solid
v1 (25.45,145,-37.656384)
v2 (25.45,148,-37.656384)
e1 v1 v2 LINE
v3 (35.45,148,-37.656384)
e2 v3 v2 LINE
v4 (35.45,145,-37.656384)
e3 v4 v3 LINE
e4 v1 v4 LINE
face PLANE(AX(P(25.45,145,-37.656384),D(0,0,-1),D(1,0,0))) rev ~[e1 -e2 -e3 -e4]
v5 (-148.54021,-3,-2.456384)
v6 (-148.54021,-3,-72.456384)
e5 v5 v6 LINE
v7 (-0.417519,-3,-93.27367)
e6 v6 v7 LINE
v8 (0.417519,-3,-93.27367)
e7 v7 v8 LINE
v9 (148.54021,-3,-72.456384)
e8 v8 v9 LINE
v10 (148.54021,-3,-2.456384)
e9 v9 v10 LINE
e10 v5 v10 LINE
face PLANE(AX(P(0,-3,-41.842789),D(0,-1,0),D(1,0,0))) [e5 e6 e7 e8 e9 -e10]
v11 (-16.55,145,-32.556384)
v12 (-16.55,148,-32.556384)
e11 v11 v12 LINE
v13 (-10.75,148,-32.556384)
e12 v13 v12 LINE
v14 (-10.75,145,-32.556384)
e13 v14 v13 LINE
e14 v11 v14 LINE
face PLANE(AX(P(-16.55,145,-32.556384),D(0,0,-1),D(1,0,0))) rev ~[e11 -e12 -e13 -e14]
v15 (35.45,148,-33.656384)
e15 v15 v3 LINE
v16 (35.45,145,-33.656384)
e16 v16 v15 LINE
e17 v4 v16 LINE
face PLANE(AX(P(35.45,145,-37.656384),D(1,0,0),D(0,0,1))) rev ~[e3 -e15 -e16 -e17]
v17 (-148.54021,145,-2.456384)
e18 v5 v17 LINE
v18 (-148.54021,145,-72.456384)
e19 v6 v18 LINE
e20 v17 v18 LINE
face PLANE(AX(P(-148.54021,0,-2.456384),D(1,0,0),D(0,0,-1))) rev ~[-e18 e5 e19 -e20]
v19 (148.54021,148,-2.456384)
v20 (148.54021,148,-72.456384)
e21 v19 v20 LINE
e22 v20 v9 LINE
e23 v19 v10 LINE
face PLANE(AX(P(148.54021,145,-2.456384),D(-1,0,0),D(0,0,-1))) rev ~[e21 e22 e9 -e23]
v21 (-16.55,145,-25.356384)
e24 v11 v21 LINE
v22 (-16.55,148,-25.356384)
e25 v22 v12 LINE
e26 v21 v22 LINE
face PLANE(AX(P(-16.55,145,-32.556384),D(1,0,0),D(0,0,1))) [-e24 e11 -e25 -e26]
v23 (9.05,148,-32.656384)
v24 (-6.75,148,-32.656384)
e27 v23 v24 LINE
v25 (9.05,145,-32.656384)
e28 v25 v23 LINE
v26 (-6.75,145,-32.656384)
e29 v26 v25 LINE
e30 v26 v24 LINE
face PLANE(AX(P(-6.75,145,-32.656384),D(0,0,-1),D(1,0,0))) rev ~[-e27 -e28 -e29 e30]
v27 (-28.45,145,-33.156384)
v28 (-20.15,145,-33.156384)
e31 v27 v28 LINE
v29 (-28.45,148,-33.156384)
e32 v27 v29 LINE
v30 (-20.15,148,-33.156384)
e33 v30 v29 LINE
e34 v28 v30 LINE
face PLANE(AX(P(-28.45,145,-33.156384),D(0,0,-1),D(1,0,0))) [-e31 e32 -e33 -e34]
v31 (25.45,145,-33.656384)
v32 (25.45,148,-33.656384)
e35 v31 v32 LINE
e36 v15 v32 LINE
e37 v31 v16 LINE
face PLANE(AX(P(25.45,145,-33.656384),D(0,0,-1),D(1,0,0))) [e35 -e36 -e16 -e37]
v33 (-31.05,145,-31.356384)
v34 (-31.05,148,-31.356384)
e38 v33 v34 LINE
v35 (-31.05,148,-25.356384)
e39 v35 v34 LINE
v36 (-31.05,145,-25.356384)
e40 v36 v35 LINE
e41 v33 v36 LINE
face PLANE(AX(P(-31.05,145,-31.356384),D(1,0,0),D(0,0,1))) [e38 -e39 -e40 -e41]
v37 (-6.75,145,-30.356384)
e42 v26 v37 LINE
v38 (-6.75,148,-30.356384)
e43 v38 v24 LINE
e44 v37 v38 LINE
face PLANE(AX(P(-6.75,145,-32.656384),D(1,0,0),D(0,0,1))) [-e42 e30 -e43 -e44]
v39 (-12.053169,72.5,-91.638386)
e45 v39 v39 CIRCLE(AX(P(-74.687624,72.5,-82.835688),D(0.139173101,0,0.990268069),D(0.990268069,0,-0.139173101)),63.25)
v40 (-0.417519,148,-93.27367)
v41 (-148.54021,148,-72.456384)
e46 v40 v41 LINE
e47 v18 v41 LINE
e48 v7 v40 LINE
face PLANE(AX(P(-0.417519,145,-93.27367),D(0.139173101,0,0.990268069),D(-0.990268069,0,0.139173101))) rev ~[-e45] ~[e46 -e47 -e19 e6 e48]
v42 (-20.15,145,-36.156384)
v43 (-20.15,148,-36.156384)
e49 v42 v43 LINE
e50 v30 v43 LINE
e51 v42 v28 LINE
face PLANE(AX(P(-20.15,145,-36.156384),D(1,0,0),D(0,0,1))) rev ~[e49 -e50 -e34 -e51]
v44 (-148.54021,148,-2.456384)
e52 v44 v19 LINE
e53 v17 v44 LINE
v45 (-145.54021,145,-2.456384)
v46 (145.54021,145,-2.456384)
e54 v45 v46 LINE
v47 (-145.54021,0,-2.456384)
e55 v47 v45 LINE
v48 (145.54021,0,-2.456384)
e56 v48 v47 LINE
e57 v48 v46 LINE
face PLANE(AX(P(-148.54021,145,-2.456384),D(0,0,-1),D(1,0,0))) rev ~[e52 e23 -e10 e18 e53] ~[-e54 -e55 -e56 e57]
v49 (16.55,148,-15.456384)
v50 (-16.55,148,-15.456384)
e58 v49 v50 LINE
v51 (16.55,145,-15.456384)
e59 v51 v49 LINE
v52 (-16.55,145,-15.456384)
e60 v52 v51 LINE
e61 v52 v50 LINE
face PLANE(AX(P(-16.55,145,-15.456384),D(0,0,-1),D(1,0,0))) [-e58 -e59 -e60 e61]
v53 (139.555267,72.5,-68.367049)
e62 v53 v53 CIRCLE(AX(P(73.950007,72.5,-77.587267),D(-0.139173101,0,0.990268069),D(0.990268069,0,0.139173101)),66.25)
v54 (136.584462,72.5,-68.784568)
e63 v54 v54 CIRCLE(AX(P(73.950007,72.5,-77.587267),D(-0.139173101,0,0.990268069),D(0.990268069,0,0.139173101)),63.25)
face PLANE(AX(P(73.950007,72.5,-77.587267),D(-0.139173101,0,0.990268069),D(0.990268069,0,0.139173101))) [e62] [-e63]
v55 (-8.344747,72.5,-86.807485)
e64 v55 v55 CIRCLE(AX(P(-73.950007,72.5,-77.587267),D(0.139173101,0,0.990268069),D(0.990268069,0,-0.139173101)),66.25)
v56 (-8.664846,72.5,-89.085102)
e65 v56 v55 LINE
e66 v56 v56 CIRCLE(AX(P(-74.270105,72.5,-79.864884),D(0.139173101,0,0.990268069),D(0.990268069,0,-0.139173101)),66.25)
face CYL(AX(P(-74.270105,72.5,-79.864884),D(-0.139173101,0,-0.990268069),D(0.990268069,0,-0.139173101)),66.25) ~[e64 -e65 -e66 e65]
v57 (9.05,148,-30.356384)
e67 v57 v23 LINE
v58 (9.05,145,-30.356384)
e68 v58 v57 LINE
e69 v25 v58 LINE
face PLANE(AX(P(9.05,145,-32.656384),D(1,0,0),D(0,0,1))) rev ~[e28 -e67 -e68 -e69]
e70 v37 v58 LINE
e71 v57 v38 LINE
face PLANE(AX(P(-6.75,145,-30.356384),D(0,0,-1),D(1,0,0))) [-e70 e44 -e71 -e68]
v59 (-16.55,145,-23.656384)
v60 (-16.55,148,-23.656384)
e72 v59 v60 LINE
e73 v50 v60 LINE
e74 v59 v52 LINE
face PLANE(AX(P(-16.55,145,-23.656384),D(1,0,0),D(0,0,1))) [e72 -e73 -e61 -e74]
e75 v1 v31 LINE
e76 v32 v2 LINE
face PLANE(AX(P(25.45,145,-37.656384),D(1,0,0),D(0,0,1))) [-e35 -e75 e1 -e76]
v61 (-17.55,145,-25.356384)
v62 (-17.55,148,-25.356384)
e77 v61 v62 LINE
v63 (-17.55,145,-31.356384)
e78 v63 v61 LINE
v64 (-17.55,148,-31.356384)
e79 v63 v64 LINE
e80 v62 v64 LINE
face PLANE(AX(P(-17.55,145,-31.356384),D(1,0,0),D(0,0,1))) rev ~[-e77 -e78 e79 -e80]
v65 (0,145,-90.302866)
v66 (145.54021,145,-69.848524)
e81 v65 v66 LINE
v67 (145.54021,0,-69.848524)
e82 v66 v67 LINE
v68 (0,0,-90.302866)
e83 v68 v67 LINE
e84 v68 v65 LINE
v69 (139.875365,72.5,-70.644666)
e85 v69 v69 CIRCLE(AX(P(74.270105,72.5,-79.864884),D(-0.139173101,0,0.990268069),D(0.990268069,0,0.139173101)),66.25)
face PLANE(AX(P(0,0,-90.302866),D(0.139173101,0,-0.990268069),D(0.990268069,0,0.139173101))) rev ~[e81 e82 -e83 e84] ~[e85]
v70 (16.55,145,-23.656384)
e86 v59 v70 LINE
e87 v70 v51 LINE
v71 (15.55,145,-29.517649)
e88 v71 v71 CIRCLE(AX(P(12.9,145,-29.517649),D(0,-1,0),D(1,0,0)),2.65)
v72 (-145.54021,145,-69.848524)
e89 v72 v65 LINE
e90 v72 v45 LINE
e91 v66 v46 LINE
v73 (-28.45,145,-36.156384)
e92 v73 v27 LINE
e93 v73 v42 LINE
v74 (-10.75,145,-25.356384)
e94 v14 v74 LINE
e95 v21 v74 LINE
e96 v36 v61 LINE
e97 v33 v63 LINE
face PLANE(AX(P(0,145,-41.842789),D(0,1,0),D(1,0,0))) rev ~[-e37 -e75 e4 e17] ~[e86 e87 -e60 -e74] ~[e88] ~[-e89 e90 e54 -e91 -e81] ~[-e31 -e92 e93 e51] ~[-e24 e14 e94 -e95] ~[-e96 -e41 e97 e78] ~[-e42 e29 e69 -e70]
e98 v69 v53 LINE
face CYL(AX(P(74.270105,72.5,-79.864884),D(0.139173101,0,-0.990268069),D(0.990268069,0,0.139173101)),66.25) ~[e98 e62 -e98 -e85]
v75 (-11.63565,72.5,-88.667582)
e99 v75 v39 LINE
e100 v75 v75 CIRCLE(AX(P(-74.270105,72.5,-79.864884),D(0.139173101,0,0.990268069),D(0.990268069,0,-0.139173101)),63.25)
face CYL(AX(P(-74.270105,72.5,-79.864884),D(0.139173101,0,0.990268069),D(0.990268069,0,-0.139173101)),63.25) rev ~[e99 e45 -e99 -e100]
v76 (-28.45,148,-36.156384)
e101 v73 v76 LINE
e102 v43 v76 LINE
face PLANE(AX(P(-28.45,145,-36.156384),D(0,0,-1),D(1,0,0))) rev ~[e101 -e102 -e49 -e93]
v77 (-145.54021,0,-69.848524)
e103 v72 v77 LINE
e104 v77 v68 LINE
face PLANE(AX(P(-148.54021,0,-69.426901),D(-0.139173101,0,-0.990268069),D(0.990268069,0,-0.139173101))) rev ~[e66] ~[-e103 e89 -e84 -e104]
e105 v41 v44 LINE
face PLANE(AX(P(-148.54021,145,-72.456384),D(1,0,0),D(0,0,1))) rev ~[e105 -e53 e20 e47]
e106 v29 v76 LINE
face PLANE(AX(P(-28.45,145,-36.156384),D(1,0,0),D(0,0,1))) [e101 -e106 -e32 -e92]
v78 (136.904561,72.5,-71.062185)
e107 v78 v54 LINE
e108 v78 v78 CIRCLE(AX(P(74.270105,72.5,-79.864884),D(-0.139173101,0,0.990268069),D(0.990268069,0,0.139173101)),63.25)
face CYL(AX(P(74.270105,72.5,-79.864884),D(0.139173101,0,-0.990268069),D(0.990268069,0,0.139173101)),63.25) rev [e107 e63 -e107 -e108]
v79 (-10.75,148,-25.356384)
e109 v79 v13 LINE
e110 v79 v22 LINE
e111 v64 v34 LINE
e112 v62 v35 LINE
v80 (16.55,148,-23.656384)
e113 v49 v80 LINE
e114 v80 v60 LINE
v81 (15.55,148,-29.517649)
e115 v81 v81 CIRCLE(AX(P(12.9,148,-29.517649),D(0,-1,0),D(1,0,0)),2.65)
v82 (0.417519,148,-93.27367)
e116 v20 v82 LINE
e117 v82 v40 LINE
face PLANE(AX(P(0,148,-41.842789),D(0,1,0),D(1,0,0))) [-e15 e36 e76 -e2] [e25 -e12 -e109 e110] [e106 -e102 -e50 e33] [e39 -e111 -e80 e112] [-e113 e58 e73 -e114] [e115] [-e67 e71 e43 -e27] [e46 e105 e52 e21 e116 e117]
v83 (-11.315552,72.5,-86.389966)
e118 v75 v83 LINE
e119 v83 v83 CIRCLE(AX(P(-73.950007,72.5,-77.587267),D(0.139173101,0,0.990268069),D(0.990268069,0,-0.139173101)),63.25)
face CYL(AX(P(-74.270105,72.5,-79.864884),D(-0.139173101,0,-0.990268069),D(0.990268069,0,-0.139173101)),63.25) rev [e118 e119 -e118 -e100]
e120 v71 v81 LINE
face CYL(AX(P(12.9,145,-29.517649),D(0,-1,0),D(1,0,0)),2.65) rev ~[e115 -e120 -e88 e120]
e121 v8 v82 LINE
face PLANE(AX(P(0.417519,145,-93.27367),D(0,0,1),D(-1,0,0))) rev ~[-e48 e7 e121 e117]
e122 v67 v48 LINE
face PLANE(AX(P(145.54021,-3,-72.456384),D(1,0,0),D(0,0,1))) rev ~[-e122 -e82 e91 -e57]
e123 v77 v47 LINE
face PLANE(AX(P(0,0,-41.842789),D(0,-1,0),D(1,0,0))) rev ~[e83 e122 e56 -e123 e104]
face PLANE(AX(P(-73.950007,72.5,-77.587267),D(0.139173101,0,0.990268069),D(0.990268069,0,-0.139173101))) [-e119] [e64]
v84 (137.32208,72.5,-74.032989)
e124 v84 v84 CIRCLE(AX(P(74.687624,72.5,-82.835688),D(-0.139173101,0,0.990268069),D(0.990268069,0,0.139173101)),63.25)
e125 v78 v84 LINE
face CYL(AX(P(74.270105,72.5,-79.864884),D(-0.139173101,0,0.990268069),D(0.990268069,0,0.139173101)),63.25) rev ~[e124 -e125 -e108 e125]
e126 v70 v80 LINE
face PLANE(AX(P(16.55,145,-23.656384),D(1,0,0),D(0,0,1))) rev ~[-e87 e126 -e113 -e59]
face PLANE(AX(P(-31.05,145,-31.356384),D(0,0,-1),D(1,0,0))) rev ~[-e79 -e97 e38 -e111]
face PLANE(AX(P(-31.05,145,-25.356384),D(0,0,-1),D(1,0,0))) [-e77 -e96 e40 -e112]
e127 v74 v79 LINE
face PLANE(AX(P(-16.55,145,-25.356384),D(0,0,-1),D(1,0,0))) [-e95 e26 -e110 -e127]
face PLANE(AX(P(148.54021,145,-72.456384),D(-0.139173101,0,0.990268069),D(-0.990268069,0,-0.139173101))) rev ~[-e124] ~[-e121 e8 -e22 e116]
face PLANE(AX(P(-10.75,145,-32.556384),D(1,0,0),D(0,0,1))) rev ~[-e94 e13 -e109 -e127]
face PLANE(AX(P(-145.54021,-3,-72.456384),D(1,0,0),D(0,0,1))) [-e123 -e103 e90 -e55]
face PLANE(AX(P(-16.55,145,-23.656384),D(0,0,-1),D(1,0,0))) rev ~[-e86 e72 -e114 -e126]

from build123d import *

# Parameters (mm, degrees)
SALIENTE_EXTRUIR1_DEPTH = 145
CROQUIS3_R              = 66.25
CROQUIS3_R_2            = 63.25
SALIENTE_EXTRUIR2_DEPTH = 2.3
CROQUIS5_R              = 66.25
CROQUIS5_R_2            = 63.25
SALIENTE_EXTRUIR3_DEPTH = 2.3
CROQUIS6_R              = 63.25
CORTAR_EXTRUIR3_DEPTH   = 24.61469423
CROQUIS7_R              = 63.25
CORTAR_EXTRUIR4_DEPTH   = 24.61469423
SALIENTE_EXTRUIR4_DEPTH = 3
CROQUIS10_W             = 3
CROQUIS10_H             = 70
SALIENTE_EXTRUIR5_DEPTH = 148
SALIENTE_EXTRUIR6_DEPTH = 3
CROQUIS12_R             = 2.65
CROQUIS12_W             = 33.1
CROQUIS12_H             = 8.2
CROQUIS12_W_2           = 5.8
CROQUIS12_H_2           = 7.2
CROQUIS12_W_3           = 15.8
CROQUIS12_H_3           = 2.3
CROQUIS12_W_4           = 13.5
CROQUIS12_H_4           = 6
CROQUIS12_W_5           = 8.3
CROQUIS12_H_5           = 3
CROQUIS12_W_6           = 10
CROQUIS12_H_6           = 4
CORTAR_EXTRUIR5_DEPTH   = 10


with BuildPart() as part:
    # Croquis2 → Saliente-Extruir1 (new body)
    with BuildSketch(Plane(origin=(0, 0, 0), x_dir=(1, 0, 0), z_dir=(0, 1, 0))):
        Polygon((0, 90.302866191), (148.540210311, 69.426901047), (148.540210311, 72.456383764), (0.417519303, 93.273670397), (-0.417519303, 93.273670397), (-148.540210311, 72.456383764), (-148.540210311, 69.426901047), align=None)
    extrude(amount=SALIENTE_EXTRUIR1_DEPTH)

    # Croquis3 → Saliente-Extruir2 (add)
    with BuildSketch(Plane(origin=(12.44542163, 0, -88.553776247), x_dir=(0.990268069, 0, 0.139173101), z_dir=(-0.139173101, 0, 0.990268069))):
        with Locations((62.432270087, 72.5)):
            Circle(CROQUIS3_R)
        with Locations((62.432270087, 72.5)):
            Circle(CROQUIS3_R_2, mode=Mode.SUBTRACT)
    extrude(amount=SALIENTE_EXTRUIR2_DEPTH)

    # Croquis5 → Saliente-Extruir3 (add)
    with BuildSketch(Plane(origin=(-12.44542163, 0, -88.553776247), x_dir=(0.990268069, 0, -0.139173101), z_dir=(0.139173101, 0, 0.990268069))):
        with Locations((-62.432270087, 72.5)):
            Circle(CROQUIS5_R)
        with Locations((-62.432270087, 72.5)):
            Circle(CROQUIS5_R_2, mode=Mode.SUBTRACT)
    extrude(amount=SALIENTE_EXTRUIR3_DEPTH)

    # Croquis6 → Cortar-Extruir3 (cut, through all)
    with BuildSketch(Plane(origin=(-12.44542163, 0, -88.553776247), x_dir=(0.990268069, 0, -0.139173101), z_dir=(0.139173101, 0, 0.990268069))):
        with Locations((-62.432270087, 72.5)):
            Circle(CROQUIS6_R)
    extrude(amount=-CORTAR_EXTRUIR3_DEPTH, mode=Mode.SUBTRACT)

    # Croquis7 → Cortar-Extruir4 (cut, through all)
    with BuildSketch(Plane(origin=(12.44542163, 0, -88.553776247), x_dir=(0.990268069, 0, 0.139173101), z_dir=(-0.139173101, 0, 0.990268069))):
        with Locations((62.432270087, 72.5)):
            Circle(CROQUIS7_R)
    extrude(amount=-CORTAR_EXTRUIR4_DEPTH, mode=Mode.SUBTRACT)

    # Croquis9 → Saliente-Extruir4 (add)
    with BuildSketch(Plane.XZ):
        Polygon((-148.540210311, -72.456383764), (-0.417519303, -93.273670397), (0.417519303, -93.273670397), (148.540210311, -72.456383764), (148.540210311, -2.456383764), (-148.540210311, -2.456383764), align=None)
    extrude(amount=SALIENTE_EXTRUIR4_DEPTH)

    # Croquis10 → Saliente-Extruir5 (add)
    with BuildSketch(Plane.XZ.offset(3)):
        with Locations((-147.040210311, -37.456383764)):
            Rectangle(CROQUIS10_W, CROQUIS10_H)
        with Locations((147.040210311, -37.456383764)):
            Rectangle(CROQUIS10_W, CROQUIS10_H)
    extrude(amount=-SALIENTE_EXTRUIR5_DEPTH)

    # Croquis11 → Saliente-Extruir6 (add)
    with BuildSketch(Plane(origin=(0, 145, 0), x_dir=(1, 0, 0), z_dir=(0, 1, 0))):
        Polygon((148.540210311, 72.456383764), (0.417519303, 93.273670397), (-0.417519303, 93.273670397), (-148.540210311, 72.456383764), (-148.540210311, 2.456383764), (148.540210311, 2.456383764), align=None)
    extrude(amount=SALIENTE_EXTRUIR6_DEPTH)

    # Croquis12 → Cortar-Extruir5 (cut)
    with BuildSketch(Plane.XZ.offset(-145)):
        with Locations((12.9, -29.517649177)):
            Circle(CROQUIS12_R)
        with Locations((0, -19.556383764)):
            Rectangle(CROQUIS12_W, CROQUIS12_H)
        with Locations((-13.65, -28.956383764)):
            Rectangle(CROQUIS12_W_2, CROQUIS12_H_2)
        with Locations((1.15, -31.506383764)):
            Rectangle(CROQUIS12_W_3, CROQUIS12_H_3)
        with Locations((-24.3, -28.356383764)):
            Rectangle(CROQUIS12_W_4, CROQUIS12_H_4)
        with Locations((-24.3, -34.656383764)):
            Rectangle(CROQUIS12_W_5, CROQUIS12_H_5)
        with Locations((30.45, -35.656383764)):
            Rectangle(CROQUIS12_W_6, CROQUIS12_H_6)
    extrude(amount=-CORTAR_EXTRUIR5_DEPTH, mode=Mode.SUBTRACT)


solid = part.part
